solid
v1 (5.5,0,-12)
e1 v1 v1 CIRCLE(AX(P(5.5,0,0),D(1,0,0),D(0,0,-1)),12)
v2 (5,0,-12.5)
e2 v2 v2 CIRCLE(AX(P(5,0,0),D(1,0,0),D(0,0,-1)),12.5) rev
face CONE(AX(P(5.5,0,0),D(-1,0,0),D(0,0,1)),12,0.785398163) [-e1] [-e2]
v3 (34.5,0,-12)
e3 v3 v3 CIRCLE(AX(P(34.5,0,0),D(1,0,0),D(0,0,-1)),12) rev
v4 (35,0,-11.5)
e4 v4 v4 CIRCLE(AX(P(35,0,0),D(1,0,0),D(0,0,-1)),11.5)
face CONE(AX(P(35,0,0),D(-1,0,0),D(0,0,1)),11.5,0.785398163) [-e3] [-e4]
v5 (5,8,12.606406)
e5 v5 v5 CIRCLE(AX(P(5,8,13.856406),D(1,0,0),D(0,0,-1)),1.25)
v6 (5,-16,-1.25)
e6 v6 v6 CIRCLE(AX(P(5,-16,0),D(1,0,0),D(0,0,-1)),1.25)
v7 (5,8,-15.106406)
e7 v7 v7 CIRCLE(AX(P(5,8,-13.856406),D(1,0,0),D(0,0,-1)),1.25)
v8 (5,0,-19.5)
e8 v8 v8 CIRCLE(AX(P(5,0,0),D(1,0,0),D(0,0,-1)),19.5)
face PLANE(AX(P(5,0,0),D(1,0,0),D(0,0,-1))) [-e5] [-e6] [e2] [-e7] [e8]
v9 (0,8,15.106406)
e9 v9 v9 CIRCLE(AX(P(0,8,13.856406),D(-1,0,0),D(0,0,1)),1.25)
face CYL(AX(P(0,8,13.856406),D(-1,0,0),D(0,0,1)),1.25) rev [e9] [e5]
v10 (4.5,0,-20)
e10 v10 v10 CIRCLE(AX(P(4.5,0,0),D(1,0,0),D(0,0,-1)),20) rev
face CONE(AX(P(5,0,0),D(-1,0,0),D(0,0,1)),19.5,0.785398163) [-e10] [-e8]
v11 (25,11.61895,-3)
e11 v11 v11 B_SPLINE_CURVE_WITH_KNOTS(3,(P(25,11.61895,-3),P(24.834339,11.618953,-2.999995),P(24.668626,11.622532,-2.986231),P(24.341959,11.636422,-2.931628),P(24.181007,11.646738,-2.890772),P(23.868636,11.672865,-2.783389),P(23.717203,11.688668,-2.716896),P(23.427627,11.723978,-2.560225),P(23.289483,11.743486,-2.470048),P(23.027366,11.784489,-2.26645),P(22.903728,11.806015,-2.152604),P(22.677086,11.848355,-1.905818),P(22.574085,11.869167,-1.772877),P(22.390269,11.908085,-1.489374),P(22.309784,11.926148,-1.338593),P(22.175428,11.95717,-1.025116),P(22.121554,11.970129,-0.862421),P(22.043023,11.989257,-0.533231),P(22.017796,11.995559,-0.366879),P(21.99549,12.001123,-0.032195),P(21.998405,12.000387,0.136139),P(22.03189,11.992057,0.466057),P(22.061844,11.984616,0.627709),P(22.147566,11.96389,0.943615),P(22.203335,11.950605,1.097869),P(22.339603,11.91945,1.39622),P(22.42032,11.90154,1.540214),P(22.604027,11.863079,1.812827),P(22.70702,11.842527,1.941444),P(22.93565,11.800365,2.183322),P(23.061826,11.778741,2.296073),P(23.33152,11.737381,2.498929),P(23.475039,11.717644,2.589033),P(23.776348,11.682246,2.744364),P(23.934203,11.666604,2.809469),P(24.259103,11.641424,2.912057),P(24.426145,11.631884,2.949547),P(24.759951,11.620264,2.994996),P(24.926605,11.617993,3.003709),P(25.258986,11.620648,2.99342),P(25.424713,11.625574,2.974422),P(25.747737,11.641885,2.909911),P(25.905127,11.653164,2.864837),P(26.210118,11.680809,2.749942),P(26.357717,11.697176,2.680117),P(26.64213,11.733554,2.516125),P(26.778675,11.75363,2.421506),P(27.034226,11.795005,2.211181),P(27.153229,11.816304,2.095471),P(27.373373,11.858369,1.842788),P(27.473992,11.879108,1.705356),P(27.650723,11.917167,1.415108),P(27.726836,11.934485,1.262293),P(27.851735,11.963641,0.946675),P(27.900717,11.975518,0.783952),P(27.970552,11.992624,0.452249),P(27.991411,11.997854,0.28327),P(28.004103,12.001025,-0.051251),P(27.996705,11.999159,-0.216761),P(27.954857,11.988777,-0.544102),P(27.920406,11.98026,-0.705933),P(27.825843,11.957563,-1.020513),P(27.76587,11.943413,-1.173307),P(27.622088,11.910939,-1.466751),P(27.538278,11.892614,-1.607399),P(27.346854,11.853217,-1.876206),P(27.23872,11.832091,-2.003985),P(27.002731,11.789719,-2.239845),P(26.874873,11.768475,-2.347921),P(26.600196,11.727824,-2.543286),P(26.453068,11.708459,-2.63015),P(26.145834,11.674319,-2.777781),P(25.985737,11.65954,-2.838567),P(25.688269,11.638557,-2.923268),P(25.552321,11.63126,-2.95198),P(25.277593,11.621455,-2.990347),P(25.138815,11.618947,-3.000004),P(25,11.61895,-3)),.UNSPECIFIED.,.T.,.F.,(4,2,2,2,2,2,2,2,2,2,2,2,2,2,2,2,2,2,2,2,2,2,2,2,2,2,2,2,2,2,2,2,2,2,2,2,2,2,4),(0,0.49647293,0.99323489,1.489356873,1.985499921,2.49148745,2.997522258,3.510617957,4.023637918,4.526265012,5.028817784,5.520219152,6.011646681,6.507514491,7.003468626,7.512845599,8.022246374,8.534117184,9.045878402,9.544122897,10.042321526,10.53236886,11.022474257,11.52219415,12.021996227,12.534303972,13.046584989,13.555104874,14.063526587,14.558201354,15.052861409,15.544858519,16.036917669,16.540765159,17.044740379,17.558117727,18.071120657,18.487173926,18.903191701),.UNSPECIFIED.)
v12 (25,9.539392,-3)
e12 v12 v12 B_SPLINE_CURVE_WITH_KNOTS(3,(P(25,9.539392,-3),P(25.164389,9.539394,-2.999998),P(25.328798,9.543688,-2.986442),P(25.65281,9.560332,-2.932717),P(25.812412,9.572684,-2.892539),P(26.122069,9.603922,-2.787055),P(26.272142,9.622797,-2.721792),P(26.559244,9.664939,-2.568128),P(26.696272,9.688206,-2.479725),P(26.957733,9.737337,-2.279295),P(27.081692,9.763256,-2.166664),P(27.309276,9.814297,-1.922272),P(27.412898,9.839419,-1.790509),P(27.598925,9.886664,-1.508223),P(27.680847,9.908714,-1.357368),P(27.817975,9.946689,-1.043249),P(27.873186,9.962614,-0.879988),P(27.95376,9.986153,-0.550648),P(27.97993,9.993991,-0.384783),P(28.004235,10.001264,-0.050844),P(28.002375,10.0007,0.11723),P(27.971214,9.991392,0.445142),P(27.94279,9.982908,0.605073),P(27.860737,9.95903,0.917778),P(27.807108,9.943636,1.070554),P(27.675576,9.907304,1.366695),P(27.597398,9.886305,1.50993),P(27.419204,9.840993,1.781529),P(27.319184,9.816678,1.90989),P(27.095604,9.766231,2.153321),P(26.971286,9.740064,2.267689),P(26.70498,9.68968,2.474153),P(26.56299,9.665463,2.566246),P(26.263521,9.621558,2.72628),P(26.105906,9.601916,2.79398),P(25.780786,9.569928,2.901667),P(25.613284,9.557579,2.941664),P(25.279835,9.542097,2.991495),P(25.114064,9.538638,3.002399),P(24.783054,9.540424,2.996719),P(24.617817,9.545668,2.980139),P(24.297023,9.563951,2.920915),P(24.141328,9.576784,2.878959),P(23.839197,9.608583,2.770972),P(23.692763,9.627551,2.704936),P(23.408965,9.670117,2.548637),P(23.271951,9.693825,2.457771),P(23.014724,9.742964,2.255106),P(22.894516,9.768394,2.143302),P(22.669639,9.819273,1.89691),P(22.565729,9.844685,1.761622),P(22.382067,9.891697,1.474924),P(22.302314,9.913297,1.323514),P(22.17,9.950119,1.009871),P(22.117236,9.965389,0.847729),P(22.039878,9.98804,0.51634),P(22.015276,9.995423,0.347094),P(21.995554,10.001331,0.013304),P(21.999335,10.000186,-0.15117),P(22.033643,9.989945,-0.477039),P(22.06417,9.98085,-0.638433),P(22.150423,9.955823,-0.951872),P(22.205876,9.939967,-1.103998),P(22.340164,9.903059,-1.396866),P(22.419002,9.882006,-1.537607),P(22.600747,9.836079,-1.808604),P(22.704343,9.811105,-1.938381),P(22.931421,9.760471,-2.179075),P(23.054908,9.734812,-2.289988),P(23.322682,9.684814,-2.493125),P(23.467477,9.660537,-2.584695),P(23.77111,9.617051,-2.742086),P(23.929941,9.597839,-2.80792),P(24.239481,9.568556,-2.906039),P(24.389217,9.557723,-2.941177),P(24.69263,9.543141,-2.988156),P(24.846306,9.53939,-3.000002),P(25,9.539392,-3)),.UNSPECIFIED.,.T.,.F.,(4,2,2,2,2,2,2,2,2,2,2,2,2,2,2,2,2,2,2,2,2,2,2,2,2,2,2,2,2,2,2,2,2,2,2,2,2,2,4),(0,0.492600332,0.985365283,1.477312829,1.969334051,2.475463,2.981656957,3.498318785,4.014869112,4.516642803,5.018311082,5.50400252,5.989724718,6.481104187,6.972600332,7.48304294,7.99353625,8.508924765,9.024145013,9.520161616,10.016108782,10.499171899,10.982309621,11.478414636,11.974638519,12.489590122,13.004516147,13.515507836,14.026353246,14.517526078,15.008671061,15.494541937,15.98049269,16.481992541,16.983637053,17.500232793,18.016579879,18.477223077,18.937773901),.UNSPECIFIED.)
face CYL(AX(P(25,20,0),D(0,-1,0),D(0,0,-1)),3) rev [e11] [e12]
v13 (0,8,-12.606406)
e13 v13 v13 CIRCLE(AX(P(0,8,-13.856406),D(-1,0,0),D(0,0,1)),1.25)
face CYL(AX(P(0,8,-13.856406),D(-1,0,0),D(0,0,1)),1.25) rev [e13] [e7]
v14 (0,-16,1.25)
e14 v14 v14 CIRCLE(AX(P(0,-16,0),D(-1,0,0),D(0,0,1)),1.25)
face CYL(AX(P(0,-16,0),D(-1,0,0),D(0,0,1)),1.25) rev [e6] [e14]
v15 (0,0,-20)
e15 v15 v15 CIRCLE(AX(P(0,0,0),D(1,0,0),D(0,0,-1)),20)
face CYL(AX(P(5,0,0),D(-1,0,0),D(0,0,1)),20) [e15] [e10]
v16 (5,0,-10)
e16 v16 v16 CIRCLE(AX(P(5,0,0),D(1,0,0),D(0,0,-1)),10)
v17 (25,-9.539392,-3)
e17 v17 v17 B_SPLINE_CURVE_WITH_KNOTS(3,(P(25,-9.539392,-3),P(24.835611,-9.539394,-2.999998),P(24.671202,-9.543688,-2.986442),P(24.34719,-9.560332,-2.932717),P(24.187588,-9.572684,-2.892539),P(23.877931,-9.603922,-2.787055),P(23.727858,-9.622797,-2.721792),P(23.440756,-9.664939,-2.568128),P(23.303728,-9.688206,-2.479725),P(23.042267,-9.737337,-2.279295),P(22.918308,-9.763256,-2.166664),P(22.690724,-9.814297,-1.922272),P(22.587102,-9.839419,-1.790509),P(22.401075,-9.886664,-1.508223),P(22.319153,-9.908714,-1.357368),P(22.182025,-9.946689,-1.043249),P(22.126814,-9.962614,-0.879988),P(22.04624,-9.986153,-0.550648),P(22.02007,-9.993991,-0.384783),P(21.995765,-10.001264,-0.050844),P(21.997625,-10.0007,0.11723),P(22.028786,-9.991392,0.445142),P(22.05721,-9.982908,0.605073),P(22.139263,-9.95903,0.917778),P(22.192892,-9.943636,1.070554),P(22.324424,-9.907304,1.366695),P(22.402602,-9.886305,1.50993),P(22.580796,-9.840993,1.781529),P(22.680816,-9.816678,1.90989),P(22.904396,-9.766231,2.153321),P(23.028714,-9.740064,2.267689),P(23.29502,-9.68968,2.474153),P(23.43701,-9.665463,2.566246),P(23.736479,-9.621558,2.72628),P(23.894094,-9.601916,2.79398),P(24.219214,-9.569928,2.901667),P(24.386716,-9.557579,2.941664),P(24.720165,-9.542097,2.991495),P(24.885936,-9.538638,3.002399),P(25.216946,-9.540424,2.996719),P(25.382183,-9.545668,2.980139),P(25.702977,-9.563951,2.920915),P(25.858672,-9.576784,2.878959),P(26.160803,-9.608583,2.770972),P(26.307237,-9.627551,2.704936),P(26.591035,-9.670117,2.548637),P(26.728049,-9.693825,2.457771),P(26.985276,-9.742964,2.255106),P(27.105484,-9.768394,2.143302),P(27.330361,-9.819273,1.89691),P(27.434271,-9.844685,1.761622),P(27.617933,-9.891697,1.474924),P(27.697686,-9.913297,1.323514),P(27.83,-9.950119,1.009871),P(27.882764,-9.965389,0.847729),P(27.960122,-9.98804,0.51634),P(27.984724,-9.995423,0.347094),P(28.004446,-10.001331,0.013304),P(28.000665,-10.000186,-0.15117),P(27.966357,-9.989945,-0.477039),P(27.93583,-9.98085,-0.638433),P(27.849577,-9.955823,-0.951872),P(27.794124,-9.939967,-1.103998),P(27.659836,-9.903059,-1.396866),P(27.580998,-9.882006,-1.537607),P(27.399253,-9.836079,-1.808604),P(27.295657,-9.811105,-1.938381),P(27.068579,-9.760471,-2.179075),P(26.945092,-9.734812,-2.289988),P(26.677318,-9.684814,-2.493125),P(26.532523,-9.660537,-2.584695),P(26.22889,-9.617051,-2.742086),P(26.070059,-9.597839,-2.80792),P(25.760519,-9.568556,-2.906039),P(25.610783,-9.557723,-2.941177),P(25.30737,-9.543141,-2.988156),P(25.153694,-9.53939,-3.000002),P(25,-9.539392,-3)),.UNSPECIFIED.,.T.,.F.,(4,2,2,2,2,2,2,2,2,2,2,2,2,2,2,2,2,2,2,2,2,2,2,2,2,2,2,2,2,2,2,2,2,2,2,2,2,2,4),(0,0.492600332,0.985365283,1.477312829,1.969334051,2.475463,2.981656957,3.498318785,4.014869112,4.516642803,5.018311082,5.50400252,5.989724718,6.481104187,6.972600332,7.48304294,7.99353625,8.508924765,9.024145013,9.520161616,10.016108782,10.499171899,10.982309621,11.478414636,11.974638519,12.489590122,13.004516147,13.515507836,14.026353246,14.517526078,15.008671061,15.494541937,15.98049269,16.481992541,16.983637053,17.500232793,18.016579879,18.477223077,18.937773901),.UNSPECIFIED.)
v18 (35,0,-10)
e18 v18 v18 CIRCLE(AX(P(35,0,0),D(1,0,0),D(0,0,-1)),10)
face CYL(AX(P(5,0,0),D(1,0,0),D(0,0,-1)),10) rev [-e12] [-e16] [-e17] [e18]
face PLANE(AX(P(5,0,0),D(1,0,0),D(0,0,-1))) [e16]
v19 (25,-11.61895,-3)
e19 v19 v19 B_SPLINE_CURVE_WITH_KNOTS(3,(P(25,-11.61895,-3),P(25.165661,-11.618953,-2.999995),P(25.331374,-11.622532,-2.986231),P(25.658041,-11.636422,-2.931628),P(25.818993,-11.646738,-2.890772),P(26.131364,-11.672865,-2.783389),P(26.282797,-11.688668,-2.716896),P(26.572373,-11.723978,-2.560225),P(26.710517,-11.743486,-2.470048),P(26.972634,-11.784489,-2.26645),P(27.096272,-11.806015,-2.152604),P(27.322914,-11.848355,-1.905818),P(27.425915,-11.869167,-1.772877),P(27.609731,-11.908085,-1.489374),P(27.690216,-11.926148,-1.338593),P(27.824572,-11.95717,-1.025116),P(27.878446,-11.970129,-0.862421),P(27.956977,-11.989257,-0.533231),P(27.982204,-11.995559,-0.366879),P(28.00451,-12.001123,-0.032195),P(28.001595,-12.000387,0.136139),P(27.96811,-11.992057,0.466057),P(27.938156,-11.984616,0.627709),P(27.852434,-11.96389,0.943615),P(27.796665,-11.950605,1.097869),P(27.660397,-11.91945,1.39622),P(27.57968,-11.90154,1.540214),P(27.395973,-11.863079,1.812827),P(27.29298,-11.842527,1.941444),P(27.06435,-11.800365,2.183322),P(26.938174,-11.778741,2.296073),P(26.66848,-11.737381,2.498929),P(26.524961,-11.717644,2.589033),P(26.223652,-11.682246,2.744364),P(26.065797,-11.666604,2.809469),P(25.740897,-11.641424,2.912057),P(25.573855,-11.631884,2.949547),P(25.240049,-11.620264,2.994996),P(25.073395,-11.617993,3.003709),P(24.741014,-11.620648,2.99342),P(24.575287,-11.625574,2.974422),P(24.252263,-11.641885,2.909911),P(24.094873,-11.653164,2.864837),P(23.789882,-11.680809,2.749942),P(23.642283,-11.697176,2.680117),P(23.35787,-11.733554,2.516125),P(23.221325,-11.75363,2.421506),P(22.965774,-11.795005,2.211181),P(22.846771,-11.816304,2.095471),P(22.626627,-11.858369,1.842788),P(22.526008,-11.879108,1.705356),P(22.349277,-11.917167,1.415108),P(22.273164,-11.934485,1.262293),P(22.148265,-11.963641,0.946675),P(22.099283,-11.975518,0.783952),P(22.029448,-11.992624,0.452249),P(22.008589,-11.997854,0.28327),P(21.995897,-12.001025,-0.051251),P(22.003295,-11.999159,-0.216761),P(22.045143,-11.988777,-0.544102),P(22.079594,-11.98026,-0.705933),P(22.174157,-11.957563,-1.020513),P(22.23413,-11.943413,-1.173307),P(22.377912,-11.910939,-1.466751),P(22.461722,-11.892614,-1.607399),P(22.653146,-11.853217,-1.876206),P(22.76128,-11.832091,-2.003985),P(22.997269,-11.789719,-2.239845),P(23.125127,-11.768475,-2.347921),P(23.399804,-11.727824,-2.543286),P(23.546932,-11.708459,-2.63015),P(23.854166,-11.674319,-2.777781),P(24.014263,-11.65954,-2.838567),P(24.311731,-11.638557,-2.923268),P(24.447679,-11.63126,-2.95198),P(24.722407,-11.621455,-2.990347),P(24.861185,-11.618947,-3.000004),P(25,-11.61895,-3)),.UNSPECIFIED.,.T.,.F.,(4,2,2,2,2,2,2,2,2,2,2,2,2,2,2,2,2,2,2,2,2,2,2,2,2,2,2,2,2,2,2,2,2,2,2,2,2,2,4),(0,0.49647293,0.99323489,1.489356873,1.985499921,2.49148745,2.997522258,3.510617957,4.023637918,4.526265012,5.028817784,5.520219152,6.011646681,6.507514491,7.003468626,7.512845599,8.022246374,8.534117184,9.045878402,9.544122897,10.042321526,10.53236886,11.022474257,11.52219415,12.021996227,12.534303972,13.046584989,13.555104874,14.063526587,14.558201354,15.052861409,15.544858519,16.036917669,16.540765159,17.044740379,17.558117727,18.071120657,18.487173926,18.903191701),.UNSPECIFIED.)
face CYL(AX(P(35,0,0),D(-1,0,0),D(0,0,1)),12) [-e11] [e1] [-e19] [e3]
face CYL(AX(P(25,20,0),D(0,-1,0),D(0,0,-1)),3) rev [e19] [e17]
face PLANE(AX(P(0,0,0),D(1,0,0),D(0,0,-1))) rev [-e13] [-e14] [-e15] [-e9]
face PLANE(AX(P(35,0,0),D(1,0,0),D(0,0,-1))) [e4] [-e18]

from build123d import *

# Parameters (mm, degrees)
SKETCH_1_R               = 20
EXTRUDE_1_DEPTH          = 5
M3X0_5_1_D               = 2.5
M3X0_5_1_DEPTH           = 7.5
M3X0_5_1_TIP             = 0.751075774
SKETCH_6_R               = 12
EXTRUDE_2_DEPTH          = 30
SKETCH_7_R               = 10
CUT_EXTRUDE_2_DEPTH      = 30
CHAMFER_1_SIZE           = 0.5
CUT_EXTRUDE_3_DEPTH      = 46
CUT_EXTRUDE_3_DEPTH_BACK = 46
SKETCH_8_R               = 3
CHAMFER_2_SIZE           = 0.5
CHAMFER_3_SIZE           = 0.5


with BuildPart() as part:
    # 草图1 → 凸台-拉伸1 (new body)
    with BuildSketch(Plane(origin=(0, 0, 0), x_dir=(0, 0, -1), z_dir=(1, 0, 0))):
        Circle(SKETCH_1_R)
    extrude(amount=EXTRUDE_1_DEPTH)

    # M3x0.5 螺纹孔1
    with Locations(Plane.ZY):
        with Locations((-13.856406461, 8), (13.856406461, 8), (0, -16)):
            Hole(M3X0_5_1_D / 2, depth=M3X0_5_1_DEPTH)
            with Locations((0, 0, -(M3X0_5_1_DEPTH + M3X0_5_1_TIP / 2))):  # 118° drill point
                Cone(0, M3X0_5_1_D / 2, M3X0_5_1_TIP, mode=Mode.SUBTRACT)

    # 草图6 → 凸台-拉伸2 (add)
    with BuildSketch(Plane(origin=(5, 0, 0), x_dir=(0, 0, -1), z_dir=(1, 0, 0))):
        Circle(SKETCH_6_R)
    extrude(amount=EXTRUDE_2_DEPTH)

    # 草图7 → 切除-拉伸2 (cut)
    with BuildSketch(Plane(origin=(35, 0, 0), x_dir=(0, 0, -1), z_dir=(1, 0, 0))):
        Circle(SKETCH_7_R)
    extrude(amount=-CUT_EXTRUDE_2_DEPTH, mode=Mode.SUBTRACT)

    # 倒角1
    chamfer_1_edges = [part.edges().sort_by_distance(p)[0] for p in [
        (35, 0, 12),
    ]]
    chamfer(chamfer_1_edges, length=CHAMFER_1_SIZE)

    # 草图8 → 切除-拉伸3 (cut, two sides: drawn at the far end of the back side and taken through both)
    with BuildSketch(Plane(origin=(0, 0, 0), x_dir=(1, 0, 0), z_dir=(0, 1, 0)).offset(-CUT_EXTRUDE_3_DEPTH_BACK)):
        with Locations(Location((25, 0, 0), (0, 0, 90))):
            Circle(SKETCH_8_R)
    extrude(amount=CUT_EXTRUDE_3_DEPTH + CUT_EXTRUDE_3_DEPTH_BACK, mode=Mode.SUBTRACT)

    # 倒角2
    chamfer_2_edges = [part.edges().sort_by_distance(p)[0] for p in [
        (5, 0, 20),
    ]]
    chamfer(chamfer_2_edges, length=CHAMFER_2_SIZE)

    # 倒角3
    chamfer_3_edges = [part.edges().sort_by_distance(p)[0] for p in [
        (5, 0, 12),
    ]]
    chamfer(chamfer_3_edges, length=CHAMFER_3_SIZE)


solid = part.part
